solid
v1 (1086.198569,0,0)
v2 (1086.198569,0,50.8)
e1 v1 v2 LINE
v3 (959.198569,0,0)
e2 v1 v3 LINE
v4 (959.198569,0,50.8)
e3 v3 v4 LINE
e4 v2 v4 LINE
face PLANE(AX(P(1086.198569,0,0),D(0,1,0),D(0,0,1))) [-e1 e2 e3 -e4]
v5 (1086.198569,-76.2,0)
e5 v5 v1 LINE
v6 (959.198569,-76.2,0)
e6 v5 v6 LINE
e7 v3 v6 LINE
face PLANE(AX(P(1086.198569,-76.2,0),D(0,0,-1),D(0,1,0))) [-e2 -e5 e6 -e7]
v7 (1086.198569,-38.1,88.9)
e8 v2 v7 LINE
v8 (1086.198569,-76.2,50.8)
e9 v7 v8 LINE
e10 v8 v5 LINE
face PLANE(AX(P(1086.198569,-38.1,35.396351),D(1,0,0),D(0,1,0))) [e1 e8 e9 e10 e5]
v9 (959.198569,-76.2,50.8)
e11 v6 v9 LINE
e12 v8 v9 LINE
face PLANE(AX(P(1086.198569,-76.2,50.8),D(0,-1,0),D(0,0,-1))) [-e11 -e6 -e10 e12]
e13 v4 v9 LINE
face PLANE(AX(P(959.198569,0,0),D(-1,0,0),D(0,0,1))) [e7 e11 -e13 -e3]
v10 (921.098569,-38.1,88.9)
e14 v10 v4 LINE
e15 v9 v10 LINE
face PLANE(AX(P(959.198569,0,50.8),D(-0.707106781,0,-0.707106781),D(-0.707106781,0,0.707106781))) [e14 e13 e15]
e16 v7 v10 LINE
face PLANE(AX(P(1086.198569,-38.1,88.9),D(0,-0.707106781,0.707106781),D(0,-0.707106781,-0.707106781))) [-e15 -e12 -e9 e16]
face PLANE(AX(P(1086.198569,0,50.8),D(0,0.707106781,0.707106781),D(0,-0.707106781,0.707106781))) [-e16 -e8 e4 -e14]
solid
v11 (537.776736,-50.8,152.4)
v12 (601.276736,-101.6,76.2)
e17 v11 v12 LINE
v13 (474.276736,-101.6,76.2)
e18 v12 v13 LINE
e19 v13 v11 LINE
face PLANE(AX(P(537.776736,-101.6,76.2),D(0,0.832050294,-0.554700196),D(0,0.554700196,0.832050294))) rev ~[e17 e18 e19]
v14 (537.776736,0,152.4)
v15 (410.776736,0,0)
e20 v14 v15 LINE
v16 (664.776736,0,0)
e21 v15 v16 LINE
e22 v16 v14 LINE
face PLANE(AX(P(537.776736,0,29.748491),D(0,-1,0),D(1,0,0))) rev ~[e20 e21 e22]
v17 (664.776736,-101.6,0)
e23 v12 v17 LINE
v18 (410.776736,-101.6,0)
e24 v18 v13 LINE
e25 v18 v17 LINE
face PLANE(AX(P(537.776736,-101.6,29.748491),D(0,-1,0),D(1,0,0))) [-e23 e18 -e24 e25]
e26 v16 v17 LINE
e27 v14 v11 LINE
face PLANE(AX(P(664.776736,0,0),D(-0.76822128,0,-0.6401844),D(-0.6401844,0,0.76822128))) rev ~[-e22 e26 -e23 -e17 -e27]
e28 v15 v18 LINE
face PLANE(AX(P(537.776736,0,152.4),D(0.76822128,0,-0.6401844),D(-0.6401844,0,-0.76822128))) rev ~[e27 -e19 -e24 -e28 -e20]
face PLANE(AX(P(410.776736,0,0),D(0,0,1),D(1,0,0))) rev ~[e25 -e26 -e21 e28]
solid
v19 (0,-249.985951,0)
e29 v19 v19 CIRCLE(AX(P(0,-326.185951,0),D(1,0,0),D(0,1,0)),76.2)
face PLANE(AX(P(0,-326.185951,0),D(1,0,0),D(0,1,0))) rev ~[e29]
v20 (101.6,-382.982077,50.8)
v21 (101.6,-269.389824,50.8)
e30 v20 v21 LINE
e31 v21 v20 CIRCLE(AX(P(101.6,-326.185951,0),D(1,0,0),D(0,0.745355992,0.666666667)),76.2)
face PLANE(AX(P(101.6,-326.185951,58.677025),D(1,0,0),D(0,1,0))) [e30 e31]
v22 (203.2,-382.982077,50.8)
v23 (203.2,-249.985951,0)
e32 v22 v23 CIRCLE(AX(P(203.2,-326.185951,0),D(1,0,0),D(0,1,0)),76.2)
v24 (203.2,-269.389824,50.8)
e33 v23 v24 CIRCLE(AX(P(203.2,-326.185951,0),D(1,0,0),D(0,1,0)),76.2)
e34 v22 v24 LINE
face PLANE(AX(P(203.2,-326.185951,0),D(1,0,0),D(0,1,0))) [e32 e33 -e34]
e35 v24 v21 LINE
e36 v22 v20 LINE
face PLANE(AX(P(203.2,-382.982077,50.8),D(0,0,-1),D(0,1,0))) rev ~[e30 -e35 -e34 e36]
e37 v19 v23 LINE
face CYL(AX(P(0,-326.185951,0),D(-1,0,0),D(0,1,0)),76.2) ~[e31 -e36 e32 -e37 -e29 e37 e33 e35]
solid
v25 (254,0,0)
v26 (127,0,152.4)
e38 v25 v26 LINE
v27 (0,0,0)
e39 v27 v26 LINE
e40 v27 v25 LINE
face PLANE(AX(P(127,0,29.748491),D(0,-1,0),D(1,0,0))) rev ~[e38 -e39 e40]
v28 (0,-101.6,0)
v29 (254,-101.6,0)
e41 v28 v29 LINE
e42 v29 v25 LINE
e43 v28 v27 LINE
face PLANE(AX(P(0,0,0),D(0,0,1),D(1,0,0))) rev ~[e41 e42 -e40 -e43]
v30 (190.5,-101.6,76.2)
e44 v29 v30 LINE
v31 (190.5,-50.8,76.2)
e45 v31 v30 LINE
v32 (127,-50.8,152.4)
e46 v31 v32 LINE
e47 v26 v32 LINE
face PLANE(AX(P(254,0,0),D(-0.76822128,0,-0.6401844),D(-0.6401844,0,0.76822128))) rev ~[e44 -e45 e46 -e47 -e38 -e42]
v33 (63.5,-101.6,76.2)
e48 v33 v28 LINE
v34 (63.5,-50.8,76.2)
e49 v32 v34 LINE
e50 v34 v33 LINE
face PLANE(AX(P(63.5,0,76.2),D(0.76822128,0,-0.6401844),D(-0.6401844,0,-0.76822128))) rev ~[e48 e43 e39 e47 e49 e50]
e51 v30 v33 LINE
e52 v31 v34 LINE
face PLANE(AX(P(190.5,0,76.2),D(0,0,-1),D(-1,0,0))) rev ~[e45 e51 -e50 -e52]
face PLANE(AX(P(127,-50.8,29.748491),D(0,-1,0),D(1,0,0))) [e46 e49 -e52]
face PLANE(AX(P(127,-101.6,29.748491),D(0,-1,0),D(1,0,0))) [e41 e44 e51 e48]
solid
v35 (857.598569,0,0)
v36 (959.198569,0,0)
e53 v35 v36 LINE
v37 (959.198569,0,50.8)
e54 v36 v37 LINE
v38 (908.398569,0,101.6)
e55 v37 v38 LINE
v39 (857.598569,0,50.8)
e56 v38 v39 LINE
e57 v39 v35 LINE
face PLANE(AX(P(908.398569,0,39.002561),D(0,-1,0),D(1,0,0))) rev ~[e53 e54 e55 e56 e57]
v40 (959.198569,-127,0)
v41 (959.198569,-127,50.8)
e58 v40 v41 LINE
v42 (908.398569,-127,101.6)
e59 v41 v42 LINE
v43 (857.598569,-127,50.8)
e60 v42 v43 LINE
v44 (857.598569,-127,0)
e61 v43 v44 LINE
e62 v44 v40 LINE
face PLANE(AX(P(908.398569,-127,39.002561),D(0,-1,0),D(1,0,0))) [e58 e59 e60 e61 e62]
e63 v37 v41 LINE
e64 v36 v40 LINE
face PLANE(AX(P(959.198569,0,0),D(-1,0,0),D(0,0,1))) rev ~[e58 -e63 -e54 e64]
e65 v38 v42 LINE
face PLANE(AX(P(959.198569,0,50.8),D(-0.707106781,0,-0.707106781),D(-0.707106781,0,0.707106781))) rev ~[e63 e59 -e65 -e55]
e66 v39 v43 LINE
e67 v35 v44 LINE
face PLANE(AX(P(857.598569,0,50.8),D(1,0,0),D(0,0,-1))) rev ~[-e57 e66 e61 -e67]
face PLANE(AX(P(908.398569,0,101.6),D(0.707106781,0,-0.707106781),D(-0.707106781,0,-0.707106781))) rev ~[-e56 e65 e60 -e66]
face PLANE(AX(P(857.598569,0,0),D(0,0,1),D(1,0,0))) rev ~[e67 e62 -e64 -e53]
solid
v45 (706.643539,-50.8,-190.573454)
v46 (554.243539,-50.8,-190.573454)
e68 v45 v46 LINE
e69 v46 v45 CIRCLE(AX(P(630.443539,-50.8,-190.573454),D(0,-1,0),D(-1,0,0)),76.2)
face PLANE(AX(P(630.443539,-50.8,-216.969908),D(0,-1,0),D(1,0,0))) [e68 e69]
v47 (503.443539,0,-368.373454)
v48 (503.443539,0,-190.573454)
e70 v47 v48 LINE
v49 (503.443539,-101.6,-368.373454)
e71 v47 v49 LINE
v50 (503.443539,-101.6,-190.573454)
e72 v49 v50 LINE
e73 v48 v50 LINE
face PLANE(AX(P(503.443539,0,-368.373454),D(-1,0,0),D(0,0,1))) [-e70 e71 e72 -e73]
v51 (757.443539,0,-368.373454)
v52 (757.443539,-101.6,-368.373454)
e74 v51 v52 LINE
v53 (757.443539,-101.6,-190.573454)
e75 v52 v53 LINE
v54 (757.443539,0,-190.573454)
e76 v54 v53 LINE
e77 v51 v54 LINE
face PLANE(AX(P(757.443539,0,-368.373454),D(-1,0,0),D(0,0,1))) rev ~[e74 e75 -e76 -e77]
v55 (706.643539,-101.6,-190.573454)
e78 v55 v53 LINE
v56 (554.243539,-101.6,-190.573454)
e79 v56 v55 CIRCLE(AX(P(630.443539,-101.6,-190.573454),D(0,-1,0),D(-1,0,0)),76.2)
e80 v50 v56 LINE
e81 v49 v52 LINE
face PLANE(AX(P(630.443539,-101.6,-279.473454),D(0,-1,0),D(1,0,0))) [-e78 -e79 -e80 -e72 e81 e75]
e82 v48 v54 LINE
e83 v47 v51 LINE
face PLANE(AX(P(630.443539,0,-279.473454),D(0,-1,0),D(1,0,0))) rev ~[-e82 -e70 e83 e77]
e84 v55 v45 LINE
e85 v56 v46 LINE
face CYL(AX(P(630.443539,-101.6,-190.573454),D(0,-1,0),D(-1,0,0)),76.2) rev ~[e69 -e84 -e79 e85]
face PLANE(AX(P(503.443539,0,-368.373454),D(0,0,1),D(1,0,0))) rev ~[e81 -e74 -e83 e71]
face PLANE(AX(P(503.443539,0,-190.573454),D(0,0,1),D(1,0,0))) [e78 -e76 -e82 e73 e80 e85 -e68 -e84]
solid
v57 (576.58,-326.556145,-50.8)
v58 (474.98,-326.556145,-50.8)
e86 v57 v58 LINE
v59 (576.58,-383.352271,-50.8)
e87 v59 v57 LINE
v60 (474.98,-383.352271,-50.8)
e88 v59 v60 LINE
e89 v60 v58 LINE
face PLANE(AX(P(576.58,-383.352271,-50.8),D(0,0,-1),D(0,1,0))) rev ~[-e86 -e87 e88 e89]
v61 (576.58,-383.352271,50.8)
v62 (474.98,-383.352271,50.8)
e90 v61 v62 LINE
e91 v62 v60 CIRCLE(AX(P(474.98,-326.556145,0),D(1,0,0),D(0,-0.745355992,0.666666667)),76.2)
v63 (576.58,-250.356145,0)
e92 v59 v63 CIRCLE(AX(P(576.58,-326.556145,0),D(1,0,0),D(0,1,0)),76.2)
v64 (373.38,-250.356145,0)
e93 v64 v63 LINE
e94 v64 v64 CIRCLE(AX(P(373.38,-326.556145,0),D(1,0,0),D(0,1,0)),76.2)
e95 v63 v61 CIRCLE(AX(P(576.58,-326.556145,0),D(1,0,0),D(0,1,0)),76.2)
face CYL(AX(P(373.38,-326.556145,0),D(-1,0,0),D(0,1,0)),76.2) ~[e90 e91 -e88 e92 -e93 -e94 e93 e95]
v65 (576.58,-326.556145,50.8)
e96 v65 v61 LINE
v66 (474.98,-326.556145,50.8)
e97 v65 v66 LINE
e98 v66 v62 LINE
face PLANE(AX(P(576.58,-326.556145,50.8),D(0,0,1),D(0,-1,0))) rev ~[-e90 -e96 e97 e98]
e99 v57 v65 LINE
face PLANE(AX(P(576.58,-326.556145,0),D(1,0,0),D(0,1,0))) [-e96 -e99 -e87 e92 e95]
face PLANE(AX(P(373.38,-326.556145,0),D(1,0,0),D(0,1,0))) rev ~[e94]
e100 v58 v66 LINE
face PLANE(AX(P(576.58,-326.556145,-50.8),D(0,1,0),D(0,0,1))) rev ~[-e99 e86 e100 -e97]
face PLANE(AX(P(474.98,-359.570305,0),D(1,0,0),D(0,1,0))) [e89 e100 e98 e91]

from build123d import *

# Parameters (mm, degrees)
F1_DEPTH  = 101.6
F2_DEPTH  = 50.8
F4_DEPTH  = 101.6
F5_DEPTH  = 101.6
F9_DEPTH  = 63.5
F11_DEPTH = 127
F15_R     = 76.2
F16_DEPTH = 203.2
F18_DEPTH = 101.6
F20_R     = 76.2
F21_DEPTH = 203.2
F23_DEPTH = 101.6
F24_W     = 254
F24_H     = 177.8
F25_DEPTH = 101.6
F27_DEPTH = 50.8


with BuildPart() as f1:
    # F0 (on Front) → F1 (new body)
    with BuildSketch(Plane.XZ):
        Polygon((127, 0), (254, 0), (190.5, 76.2), (63.5, 76.2), (0, 0), align=None)
    extrude(amount=F1_DEPTH)

    # F0 (on Front) → F2 (join)
    with BuildSketch(Plane.XZ):
        Polygon((127, 0), (254, 0), (190.5, 76.2), (63.5, 76.2), (0, 0), align=None)
        Polygon((63.5, 76.2), (190.5, 76.2), (127, 152.4), align=None)
    extrude(amount=F2_DEPTH)


with BuildPart() as f4:
    # F3 (on Front) → F4 (new body)
    with BuildSketch(Plane.XZ):
        Polygon((474.2767357125, 76.2), (601.2767357125, 76.2), (537.7767357125, 152.4), align=None)
    extrude(amount=F4_DEPTH)

    # F3 (on Front) → F5 (join)
    with BuildSketch(Plane.XZ):
        Polygon((410.7767357125, 0), (664.7767357125, 0), (601.2767357125, 76.2), (474.2767357125, 76.2), align=None)
        Polygon((474.2767357125, 76.2), (601.2767357125, 76.2), (537.7767357125, 152.4), align=None)
    extrude(amount=F5_DEPTH)

    # F8 (on 3pt) → F9 (cut, symmetric)
    with BuildSketch(Plane.YZ.offset(537.7767357125)):
        Polygon((-50.8, 152.4), (-101.6, 152.4), (-101.6, 76.2), align=None)
    extrude(amount=F9_DEPTH, both=True, mode=Mode.SUBTRACT)


with BuildPart() as f11:
    # F10 (on Front) → F11 (new body)
    with BuildSketch(Plane.XZ):
        Polygon((857.5985686302, 50.8), (857.5985686302, 0), (959.1985686302, 0), (959.1985686302, 50.8), (908.3985686302, 101.6), align=None)
    extrude(amount=F11_DEPTH)


with BuildPart() as f14:
    # F13 (on offset) → F14 (new body, up to the next surface of F11)
    with BuildSketch(Plane.YZ.offset(1086.1985686302)):
        Polygon((-76.2, 0), (0, 0), (0, 50.8), (-38.1, 88.9), (-76.2, 50.8), align=None)
    extrude(until=Until.NEXT, target=f11.part, dir=(-1, 0, 0))


with BuildPart() as f16:
    # F15 (on Right) → F16 (new body)
    with BuildSketch(Plane.YZ):
        with Locations((-326.1859508244, 0)):
            Circle(F15_R)
    extrude(amount=F16_DEPTH)

    # F17 (on face) → F18 (cut)
    with BuildSketch(Plane.YZ.offset(203.2)):
        with BuildLine():
            Line((-382.9820774529, 50.8), (-326.1859508244, 50.8))
            Line((-326.1859508244, 50.8), (-269.3898241959, 50.8))
            ThreePointArc((-269.3898241959, 50.8), (-326.1859508244, 76.2), (-382.9820774529, 50.8))
        make_face()
    extrude(amount=-F18_DEPTH, mode=Mode.SUBTRACT)


with BuildPart() as f21:
    # F20 (on offset) → F21 (new body)
    with BuildSketch(Plane.YZ.offset(373.38)):
        with Locations((-326.5561448047, 0)):
            Circle(F20_R)
    extrude(amount=F21_DEPTH)

    # F22 (on face) → F23 (cut)
    with BuildSketch(Plane.YZ.offset(576.58)):
        with BuildLine():
            Line((-326.5561448047, -50.8), (-326.5561448047, 0))
            Line((-326.5561448047, 0), (-326.5561448047, 50.8))
            Line((-326.5561448047, 50.8), (-383.3522714332, 50.8))
            ThreePointArc((-383.3522714332, 50.8), (-402.7561448047, 0), (-383.3522714332, -50.8))
            Line((-383.3522714332, -50.8), (-326.5561448047, -50.8))
        make_face()
    extrude(amount=-F23_DEPTH, mode=Mode.SUBTRACT)


with BuildPart() as f25:
    # F24 (on Front) → F25 (new body)
    with BuildSketch(Plane.XZ):
        with Locations((630.4435391426, -279.4734539032)):
            Rectangle(F24_W, F24_H)
    extrude(amount=F25_DEPTH)

    # F26 (on face) → F27 (cut)
    with BuildSketch(Plane.XZ.offset(101.6)):
        with BuildLine():
            Line((706.6435391426, -190.5734539032), (554.2435391426, -190.5734539032))
            ThreePointArc((554.2435391426, -190.5734539032), (630.4435391426, -266.7734539032), (706.6435391426, -190.5734539032))
        make_face()
    extrude(amount=-F27_DEPTH, mode=Mode.SUBTRACT)


solid = Compound([f1.part, f4.part, f11.part, f14.part, f16.part, f21.part, f25.part])
